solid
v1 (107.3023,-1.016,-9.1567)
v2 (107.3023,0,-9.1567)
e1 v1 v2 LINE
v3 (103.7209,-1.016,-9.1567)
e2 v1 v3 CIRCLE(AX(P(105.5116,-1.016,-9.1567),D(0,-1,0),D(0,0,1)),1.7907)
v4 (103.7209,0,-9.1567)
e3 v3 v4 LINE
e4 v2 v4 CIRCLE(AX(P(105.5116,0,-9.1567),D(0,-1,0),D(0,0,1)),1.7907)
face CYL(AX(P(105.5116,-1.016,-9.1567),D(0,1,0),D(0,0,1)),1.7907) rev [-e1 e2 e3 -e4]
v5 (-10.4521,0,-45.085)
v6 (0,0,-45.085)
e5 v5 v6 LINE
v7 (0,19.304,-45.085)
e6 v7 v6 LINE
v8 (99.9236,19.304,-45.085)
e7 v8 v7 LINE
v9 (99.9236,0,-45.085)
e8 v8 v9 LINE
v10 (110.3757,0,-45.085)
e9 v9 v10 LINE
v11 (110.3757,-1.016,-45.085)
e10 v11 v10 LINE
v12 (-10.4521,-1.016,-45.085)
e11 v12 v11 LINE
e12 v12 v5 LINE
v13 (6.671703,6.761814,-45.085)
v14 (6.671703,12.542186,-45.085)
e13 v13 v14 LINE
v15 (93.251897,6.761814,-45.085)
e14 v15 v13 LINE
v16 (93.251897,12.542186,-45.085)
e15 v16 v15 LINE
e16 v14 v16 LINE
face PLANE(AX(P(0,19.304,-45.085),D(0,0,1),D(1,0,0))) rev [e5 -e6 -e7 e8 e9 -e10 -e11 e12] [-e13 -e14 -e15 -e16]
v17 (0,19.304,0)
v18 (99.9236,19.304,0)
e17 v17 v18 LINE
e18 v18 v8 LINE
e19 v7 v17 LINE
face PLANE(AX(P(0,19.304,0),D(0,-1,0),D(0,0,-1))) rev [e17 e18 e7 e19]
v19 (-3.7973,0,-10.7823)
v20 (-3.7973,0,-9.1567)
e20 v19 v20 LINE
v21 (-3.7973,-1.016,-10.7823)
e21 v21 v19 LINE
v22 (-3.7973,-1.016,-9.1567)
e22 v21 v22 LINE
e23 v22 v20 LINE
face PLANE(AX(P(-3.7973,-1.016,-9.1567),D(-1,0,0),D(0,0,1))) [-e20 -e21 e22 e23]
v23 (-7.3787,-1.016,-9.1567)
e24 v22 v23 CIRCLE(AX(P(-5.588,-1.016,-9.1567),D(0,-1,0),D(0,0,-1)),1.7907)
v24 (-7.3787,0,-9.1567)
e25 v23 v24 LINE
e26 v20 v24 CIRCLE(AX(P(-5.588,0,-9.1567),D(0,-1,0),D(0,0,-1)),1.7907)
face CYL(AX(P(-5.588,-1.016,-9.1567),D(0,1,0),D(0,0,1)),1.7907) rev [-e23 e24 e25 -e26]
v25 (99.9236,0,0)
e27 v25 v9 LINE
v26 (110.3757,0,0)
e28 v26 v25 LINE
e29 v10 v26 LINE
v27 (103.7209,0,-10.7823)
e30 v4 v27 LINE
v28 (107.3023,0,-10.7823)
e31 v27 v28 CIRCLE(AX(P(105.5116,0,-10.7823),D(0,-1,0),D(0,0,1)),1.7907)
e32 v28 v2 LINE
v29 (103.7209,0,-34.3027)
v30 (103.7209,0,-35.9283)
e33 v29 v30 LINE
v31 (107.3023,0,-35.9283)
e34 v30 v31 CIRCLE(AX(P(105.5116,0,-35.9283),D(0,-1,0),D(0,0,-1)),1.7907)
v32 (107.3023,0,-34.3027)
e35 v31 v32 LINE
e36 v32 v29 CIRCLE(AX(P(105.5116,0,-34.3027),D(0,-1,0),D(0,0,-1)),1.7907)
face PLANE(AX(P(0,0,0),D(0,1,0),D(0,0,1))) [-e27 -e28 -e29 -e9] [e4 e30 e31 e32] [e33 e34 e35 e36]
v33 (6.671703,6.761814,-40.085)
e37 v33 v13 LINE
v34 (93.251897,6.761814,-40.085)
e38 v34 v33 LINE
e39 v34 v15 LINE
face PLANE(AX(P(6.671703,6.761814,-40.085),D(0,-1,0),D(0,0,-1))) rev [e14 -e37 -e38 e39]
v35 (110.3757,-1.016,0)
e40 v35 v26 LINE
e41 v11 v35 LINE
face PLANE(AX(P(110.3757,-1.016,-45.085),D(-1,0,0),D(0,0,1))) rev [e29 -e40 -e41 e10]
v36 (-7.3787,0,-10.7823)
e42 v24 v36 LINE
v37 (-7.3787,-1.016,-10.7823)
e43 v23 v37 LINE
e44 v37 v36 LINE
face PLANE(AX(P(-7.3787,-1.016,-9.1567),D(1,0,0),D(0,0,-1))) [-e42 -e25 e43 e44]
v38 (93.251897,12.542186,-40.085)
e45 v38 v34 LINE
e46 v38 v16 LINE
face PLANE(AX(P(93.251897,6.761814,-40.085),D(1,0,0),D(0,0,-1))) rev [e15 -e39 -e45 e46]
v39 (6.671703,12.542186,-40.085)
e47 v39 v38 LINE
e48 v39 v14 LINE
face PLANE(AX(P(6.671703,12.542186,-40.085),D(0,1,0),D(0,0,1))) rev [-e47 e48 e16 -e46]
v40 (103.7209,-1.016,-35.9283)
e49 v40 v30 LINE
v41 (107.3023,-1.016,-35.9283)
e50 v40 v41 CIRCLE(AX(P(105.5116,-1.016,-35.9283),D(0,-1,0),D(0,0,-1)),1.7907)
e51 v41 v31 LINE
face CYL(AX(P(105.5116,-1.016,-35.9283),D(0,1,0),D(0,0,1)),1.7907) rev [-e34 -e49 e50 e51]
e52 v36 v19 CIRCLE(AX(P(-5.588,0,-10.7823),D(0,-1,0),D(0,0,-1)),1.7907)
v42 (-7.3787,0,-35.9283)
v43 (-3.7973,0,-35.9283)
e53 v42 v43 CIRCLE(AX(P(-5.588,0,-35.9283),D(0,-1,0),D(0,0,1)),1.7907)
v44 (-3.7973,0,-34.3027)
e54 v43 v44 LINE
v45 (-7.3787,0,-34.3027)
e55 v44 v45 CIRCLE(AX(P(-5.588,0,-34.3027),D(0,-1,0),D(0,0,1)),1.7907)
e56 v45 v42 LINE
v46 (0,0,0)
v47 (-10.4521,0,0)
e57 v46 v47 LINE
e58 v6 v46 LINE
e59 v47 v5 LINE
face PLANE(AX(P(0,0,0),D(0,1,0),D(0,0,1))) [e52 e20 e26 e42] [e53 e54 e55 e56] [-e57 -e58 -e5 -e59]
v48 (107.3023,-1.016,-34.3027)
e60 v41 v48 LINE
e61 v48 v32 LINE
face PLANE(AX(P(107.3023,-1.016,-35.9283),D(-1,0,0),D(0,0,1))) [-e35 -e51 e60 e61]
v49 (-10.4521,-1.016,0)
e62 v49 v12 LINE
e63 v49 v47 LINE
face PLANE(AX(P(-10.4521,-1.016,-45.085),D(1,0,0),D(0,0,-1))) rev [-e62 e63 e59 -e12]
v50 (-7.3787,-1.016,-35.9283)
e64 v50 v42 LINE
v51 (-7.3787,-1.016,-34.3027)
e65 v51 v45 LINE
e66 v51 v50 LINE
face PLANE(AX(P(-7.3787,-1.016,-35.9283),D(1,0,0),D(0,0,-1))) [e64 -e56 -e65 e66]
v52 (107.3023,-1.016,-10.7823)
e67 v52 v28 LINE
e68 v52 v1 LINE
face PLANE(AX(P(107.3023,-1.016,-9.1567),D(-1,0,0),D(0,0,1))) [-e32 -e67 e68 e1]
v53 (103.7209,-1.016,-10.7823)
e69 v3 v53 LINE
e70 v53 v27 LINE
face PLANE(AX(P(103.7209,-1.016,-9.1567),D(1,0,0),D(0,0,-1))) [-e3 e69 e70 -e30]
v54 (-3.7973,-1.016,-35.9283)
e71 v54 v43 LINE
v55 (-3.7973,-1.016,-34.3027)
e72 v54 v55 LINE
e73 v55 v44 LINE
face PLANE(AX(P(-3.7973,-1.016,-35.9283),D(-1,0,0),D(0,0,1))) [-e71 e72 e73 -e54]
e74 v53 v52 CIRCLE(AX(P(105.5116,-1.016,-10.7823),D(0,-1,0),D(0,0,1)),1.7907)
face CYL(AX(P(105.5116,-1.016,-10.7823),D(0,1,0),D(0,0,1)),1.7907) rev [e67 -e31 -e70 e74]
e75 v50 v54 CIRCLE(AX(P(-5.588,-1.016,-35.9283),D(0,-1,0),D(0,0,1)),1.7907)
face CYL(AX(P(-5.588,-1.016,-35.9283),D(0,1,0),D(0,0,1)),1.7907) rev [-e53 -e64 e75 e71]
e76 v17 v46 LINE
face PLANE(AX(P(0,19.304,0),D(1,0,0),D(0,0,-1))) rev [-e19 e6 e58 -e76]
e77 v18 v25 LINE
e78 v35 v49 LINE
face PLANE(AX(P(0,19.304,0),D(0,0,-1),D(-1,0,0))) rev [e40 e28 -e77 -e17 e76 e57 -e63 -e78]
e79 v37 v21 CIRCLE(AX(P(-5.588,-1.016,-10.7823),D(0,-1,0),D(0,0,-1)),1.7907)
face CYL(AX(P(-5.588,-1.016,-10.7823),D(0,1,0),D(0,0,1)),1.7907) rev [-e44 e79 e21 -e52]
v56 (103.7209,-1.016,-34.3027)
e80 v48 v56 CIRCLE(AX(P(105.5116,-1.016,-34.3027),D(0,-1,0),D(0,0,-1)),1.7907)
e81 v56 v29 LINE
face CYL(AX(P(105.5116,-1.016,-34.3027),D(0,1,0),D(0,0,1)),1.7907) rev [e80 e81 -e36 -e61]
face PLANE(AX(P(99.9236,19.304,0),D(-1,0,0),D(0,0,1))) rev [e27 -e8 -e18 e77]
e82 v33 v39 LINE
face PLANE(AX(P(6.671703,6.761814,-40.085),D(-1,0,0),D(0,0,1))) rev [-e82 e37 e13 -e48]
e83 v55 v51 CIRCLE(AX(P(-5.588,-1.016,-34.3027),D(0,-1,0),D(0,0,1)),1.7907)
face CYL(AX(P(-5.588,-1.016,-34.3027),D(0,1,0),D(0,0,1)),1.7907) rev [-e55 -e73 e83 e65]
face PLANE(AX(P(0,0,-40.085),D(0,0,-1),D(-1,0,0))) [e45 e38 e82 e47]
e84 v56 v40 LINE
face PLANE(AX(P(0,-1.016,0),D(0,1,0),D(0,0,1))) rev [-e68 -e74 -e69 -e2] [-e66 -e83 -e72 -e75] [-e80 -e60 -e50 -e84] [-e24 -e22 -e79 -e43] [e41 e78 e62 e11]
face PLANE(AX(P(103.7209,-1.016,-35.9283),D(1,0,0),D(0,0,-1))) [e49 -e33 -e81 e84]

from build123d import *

# Parameters (mm, degrees)
SKETCH1_W           = 99.9236
SKETCH1_H           = 45.085
BOSS_EXTRUDE1_DEPTH = 19.304
SKETCH2_W           = 120.8278
SKETCH2_H           = 45.085
BOSS_EXTRUDE2_DEPTH = 1.016
SKETCH3_W           = 86.580193544
SKETCH3_H           = 5.780372674
CUT_EXTRUDE1_DEPTH  = 5


with BuildPart() as part:
    # Sketch1 → Boss-Extrude1 (new body)
    with BuildSketch(Plane(origin=(0, 0, 0), x_dir=(1, 0, 0), z_dir=(0, 1, 0))):
        with Locations((49.9618, 22.5425)):
            Rectangle(SKETCH1_W, SKETCH1_H)
    extrude(amount=BOSS_EXTRUDE1_DEPTH)

    # Sketch2 → Boss-Extrude2 (add)
    with BuildSketch(Plane.XZ):
        with Locations((49.9618, -22.5425)):
            Rectangle(SKETCH2_W, SKETCH2_H)
        with BuildLine():
            Line((-3.7973, -9.1567), (-3.7973, -10.7823))
            ThreePointArc((-3.7973, -10.7823), (-5.588, -12.573), (-7.3787, -10.7823))
            Line((-7.3787, -10.7823), (-7.3787, -9.1567))
            ThreePointArc((-7.3787, -9.1567), (-5.588, -7.366), (-3.7973, -9.1567))
        make_face(mode=Mode.SUBTRACT)
        with BuildLine():
            Line((-3.7973, -35.9283), (-3.7973, -34.3027))
            ThreePointArc((-3.7973, -34.3027), (-5.588, -32.512), (-7.3787, -34.3027))
            Line((-7.3787, -34.3027), (-7.3787, -35.9283))
            ThreePointArc((-7.3787, -35.9283), (-5.588, -37.719), (-3.7973, -35.9283))
        make_face(mode=Mode.SUBTRACT)
        with BuildLine():
            Line((103.7209, -9.1567), (103.7209, -10.7823))
            ThreePointArc((103.7209, -10.7823), (105.5116, -12.573), (107.3023, -10.7823))
            Line((107.3023, -10.7823), (107.3023, -9.1567))
            ThreePointArc((107.3023, -9.1567), (105.5116, -7.366), (103.7209, -9.1567))
        make_face(mode=Mode.SUBTRACT)
        with BuildLine():
            Line((103.7209, -35.9283), (103.7209, -34.3027))
            ThreePointArc((103.7209, -34.3027), (105.5116, -32.512), (107.3023, -34.3027))
            Line((107.3023, -34.3027), (107.3023, -35.9283))
            ThreePointArc((107.3023, -35.9283), (105.5116, -37.719), (103.7209, -35.9283))
        make_face(mode=Mode.SUBTRACT)
    extrude(amount=BOSS_EXTRUDE2_DEPTH)

    # Sketch3 → Cut-Extrude1 (cut)
    with BuildSketch(Plane(origin=(0, 0, -45.085), x_dir=(-1, 0, 0), z_dir=(0, 0, -1))):
        with Locations((-49.9618, 9.652)):
            Rectangle(SKETCH3_W, SKETCH3_H)
    extrude(amount=-CUT_EXTRUDE1_DEPTH, mode=Mode.SUBTRACT)


solid = part.part
